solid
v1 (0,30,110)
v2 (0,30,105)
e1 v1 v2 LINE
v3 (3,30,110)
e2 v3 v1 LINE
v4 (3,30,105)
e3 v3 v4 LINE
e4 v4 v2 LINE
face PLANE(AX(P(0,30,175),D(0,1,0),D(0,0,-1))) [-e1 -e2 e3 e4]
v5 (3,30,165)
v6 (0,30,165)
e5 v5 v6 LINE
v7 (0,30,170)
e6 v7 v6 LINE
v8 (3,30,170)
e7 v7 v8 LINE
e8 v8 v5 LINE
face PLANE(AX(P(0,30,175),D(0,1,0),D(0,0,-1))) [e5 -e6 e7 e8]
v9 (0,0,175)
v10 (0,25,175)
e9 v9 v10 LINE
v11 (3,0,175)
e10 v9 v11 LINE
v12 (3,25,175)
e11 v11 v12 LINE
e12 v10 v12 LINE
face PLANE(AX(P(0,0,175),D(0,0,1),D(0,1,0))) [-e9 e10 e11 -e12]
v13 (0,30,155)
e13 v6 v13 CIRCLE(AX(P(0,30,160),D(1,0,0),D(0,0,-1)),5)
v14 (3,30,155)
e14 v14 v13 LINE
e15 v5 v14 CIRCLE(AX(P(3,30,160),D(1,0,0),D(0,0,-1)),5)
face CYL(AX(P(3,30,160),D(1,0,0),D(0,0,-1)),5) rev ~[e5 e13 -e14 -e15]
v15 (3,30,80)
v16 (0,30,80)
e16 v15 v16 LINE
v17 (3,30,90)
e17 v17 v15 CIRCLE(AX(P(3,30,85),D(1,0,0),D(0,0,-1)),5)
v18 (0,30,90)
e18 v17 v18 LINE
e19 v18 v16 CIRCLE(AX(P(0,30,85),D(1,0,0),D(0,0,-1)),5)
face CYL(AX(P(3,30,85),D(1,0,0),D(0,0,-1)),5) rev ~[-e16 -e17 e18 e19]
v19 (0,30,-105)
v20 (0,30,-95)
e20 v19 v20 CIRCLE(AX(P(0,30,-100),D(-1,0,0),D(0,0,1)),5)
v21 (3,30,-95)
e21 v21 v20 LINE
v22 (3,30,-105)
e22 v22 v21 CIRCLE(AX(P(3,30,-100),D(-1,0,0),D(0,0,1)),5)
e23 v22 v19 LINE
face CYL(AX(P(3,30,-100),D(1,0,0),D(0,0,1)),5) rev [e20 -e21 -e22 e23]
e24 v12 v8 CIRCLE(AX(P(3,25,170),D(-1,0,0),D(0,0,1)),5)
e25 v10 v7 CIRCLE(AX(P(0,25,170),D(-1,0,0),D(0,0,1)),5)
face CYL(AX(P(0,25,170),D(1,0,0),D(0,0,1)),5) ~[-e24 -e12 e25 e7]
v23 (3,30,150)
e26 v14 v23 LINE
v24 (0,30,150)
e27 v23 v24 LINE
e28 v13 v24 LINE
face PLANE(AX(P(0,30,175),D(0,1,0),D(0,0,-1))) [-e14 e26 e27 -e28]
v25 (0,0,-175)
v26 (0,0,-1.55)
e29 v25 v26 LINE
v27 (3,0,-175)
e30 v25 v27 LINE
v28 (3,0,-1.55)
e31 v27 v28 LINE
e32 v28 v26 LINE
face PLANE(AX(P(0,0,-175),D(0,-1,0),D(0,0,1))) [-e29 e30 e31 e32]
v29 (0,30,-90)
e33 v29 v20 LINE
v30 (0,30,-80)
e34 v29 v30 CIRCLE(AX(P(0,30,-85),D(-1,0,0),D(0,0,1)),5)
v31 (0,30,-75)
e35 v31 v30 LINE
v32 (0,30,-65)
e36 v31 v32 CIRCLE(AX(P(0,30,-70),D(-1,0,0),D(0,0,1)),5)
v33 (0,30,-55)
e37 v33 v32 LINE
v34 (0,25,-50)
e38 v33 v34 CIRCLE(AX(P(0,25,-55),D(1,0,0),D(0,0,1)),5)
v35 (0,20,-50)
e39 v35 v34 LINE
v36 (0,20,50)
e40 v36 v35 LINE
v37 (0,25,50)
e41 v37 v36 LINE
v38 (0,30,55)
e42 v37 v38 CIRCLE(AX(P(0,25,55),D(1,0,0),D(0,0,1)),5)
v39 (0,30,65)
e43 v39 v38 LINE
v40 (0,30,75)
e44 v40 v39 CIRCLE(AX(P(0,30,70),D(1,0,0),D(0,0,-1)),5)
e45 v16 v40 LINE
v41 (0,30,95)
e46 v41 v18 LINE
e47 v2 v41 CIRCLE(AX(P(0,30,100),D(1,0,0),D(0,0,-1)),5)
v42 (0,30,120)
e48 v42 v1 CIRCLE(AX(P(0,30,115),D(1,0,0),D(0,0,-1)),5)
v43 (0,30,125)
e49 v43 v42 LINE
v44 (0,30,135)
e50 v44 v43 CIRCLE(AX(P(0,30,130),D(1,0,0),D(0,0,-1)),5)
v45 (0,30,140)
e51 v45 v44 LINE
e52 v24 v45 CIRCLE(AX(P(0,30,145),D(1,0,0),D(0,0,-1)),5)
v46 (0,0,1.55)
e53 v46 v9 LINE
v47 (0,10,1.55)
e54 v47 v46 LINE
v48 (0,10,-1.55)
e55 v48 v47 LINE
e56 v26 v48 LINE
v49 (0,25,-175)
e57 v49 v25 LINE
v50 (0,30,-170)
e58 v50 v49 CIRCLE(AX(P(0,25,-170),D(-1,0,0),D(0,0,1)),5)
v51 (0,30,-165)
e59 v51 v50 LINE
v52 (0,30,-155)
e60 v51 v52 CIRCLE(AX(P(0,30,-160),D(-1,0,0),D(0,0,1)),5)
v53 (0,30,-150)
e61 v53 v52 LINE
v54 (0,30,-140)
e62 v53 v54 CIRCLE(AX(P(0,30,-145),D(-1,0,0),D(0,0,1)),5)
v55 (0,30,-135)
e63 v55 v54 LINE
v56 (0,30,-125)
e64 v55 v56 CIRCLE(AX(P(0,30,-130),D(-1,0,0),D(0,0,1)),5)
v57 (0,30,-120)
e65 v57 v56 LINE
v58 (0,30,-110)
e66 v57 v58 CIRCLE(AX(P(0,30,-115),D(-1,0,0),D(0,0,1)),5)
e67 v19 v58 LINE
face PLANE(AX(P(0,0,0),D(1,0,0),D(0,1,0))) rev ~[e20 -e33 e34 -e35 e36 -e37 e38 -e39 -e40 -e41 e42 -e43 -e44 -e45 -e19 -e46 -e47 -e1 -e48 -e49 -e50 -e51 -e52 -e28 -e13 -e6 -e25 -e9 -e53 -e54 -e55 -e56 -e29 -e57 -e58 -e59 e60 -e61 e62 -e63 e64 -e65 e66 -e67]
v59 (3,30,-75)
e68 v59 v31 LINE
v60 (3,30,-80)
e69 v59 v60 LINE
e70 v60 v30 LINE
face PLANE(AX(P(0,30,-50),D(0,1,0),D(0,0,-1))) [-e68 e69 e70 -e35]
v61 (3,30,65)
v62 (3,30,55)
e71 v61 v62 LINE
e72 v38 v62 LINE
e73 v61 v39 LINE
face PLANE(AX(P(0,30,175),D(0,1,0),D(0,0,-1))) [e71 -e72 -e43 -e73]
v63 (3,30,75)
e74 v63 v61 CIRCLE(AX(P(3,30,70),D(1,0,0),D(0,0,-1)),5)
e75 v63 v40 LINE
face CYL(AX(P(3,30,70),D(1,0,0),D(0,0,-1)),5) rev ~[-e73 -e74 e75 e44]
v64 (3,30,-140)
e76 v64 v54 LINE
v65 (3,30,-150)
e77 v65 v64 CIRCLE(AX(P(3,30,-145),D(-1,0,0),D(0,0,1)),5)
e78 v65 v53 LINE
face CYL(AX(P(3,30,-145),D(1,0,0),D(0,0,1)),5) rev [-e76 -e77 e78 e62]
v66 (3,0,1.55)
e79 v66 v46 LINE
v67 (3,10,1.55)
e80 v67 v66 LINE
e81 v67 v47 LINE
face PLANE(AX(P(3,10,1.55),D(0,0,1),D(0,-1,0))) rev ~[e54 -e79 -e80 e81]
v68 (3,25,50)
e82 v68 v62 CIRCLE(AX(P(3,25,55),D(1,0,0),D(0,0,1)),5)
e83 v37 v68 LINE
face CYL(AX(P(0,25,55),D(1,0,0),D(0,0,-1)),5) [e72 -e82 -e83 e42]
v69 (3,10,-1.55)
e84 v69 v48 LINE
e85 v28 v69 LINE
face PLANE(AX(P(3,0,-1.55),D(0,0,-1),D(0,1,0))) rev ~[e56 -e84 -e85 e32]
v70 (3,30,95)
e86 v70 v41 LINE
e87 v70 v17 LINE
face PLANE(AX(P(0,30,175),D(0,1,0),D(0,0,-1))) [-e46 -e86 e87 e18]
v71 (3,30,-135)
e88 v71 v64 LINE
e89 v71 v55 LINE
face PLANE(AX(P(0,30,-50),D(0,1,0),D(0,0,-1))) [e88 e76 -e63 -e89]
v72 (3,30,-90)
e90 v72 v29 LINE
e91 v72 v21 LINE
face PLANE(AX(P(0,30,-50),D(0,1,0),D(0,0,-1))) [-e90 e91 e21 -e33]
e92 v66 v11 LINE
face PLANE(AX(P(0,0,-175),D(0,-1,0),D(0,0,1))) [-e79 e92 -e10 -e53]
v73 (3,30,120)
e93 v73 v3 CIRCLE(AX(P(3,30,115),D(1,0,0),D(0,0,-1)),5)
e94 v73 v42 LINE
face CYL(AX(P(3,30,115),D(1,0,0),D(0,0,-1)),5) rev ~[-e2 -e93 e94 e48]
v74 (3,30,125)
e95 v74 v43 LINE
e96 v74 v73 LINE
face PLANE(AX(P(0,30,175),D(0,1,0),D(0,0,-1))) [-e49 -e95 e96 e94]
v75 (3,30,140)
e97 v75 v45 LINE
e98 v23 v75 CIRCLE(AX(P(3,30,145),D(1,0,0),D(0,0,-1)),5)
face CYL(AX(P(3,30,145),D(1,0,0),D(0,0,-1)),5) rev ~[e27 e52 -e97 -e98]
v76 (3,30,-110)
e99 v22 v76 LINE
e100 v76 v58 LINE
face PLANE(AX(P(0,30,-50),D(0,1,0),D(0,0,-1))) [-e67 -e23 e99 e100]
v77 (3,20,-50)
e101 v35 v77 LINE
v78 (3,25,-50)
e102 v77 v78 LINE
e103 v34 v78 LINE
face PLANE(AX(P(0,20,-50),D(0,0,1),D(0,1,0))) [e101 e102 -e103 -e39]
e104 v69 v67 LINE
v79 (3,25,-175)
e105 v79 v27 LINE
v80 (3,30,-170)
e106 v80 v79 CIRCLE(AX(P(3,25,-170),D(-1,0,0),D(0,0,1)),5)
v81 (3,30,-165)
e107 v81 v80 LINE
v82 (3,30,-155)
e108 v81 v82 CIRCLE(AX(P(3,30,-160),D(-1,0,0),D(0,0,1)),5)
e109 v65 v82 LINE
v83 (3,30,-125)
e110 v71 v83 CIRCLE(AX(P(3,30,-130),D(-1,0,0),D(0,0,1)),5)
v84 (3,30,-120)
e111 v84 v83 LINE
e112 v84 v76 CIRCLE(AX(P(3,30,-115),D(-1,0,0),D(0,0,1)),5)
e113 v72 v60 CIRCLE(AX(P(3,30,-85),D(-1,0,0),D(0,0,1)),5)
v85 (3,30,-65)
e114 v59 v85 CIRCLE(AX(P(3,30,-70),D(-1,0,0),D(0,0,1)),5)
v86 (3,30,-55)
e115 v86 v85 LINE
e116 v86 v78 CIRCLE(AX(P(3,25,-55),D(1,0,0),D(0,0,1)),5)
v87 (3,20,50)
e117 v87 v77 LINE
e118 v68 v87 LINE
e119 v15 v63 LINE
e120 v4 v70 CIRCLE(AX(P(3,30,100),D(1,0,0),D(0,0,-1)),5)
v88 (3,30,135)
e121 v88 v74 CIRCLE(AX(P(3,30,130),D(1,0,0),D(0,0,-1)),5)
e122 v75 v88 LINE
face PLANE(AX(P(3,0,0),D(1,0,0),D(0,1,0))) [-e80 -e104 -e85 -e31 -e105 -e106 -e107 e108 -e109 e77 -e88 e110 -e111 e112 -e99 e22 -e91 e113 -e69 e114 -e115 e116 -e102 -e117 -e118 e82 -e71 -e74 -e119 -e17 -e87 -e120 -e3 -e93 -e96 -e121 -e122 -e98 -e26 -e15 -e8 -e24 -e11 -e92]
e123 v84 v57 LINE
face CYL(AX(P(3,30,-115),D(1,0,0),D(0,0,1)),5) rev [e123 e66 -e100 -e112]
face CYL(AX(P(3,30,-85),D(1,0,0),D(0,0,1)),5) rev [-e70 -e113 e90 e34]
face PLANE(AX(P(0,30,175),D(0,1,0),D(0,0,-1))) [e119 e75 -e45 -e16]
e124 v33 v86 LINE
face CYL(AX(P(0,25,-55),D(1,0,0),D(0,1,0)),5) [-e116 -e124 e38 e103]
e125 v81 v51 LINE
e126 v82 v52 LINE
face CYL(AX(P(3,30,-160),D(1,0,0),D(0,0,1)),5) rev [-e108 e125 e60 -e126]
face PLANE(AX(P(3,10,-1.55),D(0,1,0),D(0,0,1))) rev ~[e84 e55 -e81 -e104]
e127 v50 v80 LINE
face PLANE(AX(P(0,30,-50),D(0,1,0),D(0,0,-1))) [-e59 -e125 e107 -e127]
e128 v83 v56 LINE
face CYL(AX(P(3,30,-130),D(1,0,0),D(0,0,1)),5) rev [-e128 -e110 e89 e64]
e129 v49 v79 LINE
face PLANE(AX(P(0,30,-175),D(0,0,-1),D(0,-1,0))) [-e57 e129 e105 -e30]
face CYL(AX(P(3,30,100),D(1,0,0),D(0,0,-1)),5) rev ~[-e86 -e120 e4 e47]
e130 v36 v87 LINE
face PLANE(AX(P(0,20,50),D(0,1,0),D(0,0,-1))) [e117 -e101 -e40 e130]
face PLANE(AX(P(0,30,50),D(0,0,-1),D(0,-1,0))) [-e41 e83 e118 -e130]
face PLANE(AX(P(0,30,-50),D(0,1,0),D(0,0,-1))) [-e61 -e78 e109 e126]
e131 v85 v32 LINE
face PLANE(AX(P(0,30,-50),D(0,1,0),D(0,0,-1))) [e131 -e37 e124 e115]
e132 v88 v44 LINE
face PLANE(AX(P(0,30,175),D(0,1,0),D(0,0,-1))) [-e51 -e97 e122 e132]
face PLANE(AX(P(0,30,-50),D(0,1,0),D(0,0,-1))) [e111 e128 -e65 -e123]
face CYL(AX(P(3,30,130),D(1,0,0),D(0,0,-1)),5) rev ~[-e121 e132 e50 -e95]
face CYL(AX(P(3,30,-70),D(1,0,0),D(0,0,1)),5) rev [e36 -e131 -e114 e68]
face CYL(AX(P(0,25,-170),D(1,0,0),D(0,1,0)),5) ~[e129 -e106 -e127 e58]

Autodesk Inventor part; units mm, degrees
ref_plane "YZ Plane" through (0, 0, 0) normal (1, 0, 0) x (0, 1, 0)
ref_plane "XZ Plane" through (0, 0, 0) normal (0, 1, 0) x (-1, 0, 0)
ref_plane "XY Plane" through (0, 0, 0) normal (0, 0, 1) x (1, 0, 0)
sketch "Sketch1" plane through (0, 0, 0) normal (1, 0, 0) x (0, 1, 0)
  line L0 (0, 175) -> (30, 175)
  line L1 (30, 175) -> (30, -175)
  line L2 (30, -175) -> (0, -175)
  line L3 (0, -175) -> (0, 175)
  line L4 (30, 50) -> (20, 50)
  line L5 (20, 50) -> (20, -50)
  line L6 (20, -50) -> (30, -50)
  line L7 (30, -50) -> (30, 50)
  point P0 (0, 0)
  point P1 (0, 0)
  point P2 (20, 0)
  dimension "d0" = 30
  dimension "d1" = 350
  dimension "d2" = 0
  dimension "d3" = 100
  dimension "d4" = 0
  dimension "d5" = 10
extrude "Extrusion1" add sketch "Sketch1" along normal blind 3 contours L0 L1 L4 L5 L6 L2 L3
sketch "Sketch2" plane through (3, 0, 0) normal (1, 0, 0) x (0, 0, -1)
  line L0 (-1.55, -10) -> (1.55, -10)
  line L1 (1.55, 0) -> (1.55, 10)
  line L2 (1.55, 10) -> (-1.55, 10)
  line L3 (-1.55, 10) -> (-1.55, 0)
  line L4 (-1.55, -10) -> (1.55, 10) construction
  line L5 (1.55, -10) -> (-1.55, 10) construction
  line L6 (-175, 0) -> (175, 0) projected
  line L7 (175, 0) -> (175, 30) projected
  line L8 (175, 30) -> (50, 30) projected
  line L9 (50, 30) -> (50, 20) projected
  line L10 (50, 20) -> (-50, 20) projected
  line L11 (-50, 20) -> (-50, 30) projected
  line L12 (-50, 30) -> (-175, 30) projected
  line L13 (-175, 30) -> (-175, 0) projected
  point P0 (0, 0)
  dimension "d8" = 3.1
  dimension "d9" = 20
extrude "Extrusion2" cut sketch "Sketch2" against normal blind 3 contours L6 L3 L2 L1
sketch "Sketch3" plane through (3, 0, 0) normal (1, 0, 0) x (0, 0, -1)
  line L0 (-50, 30) -> (-175, 30) projected
  circle A0 centre (-160, 30) radius 5
  circle A1 centre (-145, 30) radius 5
  circle A2 centre (-130, 30) radius 5
  circle A3 centre (-115, 30) radius 5
  circle A4 centre (-85, 30) radius 5
  circle A5 centre (-100, 30) radius 5
  line L1 (-175, 30) -> (-175, 0) projected
  circle A6 centre (-70, 30) radius 5
  point P0 (0, 0)
  point P1 (-75, 30)
  point P2 (-65, 30)
  point P3 (-90, 30)
  point P4 (-80, 30)
  point P5 (-105, 30)
  point P6 (-95, 30)
  point P7 (-120, 30)
  point P8 (-110, 30)
  point P9 (-135, 30)
  point P10 (-125, 30)
  point P11 (-150, 30)
  point P12 (-140, 30)
  point P13 (-165, 30)
  point P14 (-155, 30)
  dimension "d12" = 10
  dimension "d13" = 10
  dimension "d14" = 10
  dimension "d16" = 10
  dimension "d17" = 10
  dimension "d18" = 10
  dimension "d19" = 15
  dimension "d20" = 15
  dimension "d21" = 15
  dimension "d22" = 15
  dimension "d23" = 15
  dimension "d24" = 15
  dimension "d25" = 10
  dimension "d26" = 15
extrude "Extrusion3" cut sketch "Sketch3" against normal blind 3 contours A6 L0 | A0 L0 | A1 L0 | A2 L0 | A3 L0 | A5 L0 | A4 L0 picked at (-68.8623, 27.8538) picked at (-161.4384, 28.1203) picked at (-146.4384, 28.1203) picked at (-131.2475, 28.8948) picked at (-113.8623, 27.8538) picked at (-98.8623, 27.8538) picked at (-83.8623, 27.8538)
fillet "Fillet1" radius 5 1 edges at (1.5, 30, 175)
fillet "Fillet2" radius 5 1 edges at (1.5, 30, 50)
mirror "Mirror1" about plane through (0, 0, 0) normal (0, 0, 1) of "Extrusion3", "Fillet1", "Fillet2"
equation "\"d13\" = d12"
equation "\"d14\" = d12"
equation "\"d16\" = d12"
equation "\"d17\" = d12"
equation "\"d18\" = d12"
equation "\"d21\" = d20"
equation "\"d22\" = d21"
equation "\"d23\" = d22"
equation "\"d24\" = d23"
equation "\"d25\" = d12"
equation "\"d26\" = d24"
properties part number "StoveTop1" material "Steel"
